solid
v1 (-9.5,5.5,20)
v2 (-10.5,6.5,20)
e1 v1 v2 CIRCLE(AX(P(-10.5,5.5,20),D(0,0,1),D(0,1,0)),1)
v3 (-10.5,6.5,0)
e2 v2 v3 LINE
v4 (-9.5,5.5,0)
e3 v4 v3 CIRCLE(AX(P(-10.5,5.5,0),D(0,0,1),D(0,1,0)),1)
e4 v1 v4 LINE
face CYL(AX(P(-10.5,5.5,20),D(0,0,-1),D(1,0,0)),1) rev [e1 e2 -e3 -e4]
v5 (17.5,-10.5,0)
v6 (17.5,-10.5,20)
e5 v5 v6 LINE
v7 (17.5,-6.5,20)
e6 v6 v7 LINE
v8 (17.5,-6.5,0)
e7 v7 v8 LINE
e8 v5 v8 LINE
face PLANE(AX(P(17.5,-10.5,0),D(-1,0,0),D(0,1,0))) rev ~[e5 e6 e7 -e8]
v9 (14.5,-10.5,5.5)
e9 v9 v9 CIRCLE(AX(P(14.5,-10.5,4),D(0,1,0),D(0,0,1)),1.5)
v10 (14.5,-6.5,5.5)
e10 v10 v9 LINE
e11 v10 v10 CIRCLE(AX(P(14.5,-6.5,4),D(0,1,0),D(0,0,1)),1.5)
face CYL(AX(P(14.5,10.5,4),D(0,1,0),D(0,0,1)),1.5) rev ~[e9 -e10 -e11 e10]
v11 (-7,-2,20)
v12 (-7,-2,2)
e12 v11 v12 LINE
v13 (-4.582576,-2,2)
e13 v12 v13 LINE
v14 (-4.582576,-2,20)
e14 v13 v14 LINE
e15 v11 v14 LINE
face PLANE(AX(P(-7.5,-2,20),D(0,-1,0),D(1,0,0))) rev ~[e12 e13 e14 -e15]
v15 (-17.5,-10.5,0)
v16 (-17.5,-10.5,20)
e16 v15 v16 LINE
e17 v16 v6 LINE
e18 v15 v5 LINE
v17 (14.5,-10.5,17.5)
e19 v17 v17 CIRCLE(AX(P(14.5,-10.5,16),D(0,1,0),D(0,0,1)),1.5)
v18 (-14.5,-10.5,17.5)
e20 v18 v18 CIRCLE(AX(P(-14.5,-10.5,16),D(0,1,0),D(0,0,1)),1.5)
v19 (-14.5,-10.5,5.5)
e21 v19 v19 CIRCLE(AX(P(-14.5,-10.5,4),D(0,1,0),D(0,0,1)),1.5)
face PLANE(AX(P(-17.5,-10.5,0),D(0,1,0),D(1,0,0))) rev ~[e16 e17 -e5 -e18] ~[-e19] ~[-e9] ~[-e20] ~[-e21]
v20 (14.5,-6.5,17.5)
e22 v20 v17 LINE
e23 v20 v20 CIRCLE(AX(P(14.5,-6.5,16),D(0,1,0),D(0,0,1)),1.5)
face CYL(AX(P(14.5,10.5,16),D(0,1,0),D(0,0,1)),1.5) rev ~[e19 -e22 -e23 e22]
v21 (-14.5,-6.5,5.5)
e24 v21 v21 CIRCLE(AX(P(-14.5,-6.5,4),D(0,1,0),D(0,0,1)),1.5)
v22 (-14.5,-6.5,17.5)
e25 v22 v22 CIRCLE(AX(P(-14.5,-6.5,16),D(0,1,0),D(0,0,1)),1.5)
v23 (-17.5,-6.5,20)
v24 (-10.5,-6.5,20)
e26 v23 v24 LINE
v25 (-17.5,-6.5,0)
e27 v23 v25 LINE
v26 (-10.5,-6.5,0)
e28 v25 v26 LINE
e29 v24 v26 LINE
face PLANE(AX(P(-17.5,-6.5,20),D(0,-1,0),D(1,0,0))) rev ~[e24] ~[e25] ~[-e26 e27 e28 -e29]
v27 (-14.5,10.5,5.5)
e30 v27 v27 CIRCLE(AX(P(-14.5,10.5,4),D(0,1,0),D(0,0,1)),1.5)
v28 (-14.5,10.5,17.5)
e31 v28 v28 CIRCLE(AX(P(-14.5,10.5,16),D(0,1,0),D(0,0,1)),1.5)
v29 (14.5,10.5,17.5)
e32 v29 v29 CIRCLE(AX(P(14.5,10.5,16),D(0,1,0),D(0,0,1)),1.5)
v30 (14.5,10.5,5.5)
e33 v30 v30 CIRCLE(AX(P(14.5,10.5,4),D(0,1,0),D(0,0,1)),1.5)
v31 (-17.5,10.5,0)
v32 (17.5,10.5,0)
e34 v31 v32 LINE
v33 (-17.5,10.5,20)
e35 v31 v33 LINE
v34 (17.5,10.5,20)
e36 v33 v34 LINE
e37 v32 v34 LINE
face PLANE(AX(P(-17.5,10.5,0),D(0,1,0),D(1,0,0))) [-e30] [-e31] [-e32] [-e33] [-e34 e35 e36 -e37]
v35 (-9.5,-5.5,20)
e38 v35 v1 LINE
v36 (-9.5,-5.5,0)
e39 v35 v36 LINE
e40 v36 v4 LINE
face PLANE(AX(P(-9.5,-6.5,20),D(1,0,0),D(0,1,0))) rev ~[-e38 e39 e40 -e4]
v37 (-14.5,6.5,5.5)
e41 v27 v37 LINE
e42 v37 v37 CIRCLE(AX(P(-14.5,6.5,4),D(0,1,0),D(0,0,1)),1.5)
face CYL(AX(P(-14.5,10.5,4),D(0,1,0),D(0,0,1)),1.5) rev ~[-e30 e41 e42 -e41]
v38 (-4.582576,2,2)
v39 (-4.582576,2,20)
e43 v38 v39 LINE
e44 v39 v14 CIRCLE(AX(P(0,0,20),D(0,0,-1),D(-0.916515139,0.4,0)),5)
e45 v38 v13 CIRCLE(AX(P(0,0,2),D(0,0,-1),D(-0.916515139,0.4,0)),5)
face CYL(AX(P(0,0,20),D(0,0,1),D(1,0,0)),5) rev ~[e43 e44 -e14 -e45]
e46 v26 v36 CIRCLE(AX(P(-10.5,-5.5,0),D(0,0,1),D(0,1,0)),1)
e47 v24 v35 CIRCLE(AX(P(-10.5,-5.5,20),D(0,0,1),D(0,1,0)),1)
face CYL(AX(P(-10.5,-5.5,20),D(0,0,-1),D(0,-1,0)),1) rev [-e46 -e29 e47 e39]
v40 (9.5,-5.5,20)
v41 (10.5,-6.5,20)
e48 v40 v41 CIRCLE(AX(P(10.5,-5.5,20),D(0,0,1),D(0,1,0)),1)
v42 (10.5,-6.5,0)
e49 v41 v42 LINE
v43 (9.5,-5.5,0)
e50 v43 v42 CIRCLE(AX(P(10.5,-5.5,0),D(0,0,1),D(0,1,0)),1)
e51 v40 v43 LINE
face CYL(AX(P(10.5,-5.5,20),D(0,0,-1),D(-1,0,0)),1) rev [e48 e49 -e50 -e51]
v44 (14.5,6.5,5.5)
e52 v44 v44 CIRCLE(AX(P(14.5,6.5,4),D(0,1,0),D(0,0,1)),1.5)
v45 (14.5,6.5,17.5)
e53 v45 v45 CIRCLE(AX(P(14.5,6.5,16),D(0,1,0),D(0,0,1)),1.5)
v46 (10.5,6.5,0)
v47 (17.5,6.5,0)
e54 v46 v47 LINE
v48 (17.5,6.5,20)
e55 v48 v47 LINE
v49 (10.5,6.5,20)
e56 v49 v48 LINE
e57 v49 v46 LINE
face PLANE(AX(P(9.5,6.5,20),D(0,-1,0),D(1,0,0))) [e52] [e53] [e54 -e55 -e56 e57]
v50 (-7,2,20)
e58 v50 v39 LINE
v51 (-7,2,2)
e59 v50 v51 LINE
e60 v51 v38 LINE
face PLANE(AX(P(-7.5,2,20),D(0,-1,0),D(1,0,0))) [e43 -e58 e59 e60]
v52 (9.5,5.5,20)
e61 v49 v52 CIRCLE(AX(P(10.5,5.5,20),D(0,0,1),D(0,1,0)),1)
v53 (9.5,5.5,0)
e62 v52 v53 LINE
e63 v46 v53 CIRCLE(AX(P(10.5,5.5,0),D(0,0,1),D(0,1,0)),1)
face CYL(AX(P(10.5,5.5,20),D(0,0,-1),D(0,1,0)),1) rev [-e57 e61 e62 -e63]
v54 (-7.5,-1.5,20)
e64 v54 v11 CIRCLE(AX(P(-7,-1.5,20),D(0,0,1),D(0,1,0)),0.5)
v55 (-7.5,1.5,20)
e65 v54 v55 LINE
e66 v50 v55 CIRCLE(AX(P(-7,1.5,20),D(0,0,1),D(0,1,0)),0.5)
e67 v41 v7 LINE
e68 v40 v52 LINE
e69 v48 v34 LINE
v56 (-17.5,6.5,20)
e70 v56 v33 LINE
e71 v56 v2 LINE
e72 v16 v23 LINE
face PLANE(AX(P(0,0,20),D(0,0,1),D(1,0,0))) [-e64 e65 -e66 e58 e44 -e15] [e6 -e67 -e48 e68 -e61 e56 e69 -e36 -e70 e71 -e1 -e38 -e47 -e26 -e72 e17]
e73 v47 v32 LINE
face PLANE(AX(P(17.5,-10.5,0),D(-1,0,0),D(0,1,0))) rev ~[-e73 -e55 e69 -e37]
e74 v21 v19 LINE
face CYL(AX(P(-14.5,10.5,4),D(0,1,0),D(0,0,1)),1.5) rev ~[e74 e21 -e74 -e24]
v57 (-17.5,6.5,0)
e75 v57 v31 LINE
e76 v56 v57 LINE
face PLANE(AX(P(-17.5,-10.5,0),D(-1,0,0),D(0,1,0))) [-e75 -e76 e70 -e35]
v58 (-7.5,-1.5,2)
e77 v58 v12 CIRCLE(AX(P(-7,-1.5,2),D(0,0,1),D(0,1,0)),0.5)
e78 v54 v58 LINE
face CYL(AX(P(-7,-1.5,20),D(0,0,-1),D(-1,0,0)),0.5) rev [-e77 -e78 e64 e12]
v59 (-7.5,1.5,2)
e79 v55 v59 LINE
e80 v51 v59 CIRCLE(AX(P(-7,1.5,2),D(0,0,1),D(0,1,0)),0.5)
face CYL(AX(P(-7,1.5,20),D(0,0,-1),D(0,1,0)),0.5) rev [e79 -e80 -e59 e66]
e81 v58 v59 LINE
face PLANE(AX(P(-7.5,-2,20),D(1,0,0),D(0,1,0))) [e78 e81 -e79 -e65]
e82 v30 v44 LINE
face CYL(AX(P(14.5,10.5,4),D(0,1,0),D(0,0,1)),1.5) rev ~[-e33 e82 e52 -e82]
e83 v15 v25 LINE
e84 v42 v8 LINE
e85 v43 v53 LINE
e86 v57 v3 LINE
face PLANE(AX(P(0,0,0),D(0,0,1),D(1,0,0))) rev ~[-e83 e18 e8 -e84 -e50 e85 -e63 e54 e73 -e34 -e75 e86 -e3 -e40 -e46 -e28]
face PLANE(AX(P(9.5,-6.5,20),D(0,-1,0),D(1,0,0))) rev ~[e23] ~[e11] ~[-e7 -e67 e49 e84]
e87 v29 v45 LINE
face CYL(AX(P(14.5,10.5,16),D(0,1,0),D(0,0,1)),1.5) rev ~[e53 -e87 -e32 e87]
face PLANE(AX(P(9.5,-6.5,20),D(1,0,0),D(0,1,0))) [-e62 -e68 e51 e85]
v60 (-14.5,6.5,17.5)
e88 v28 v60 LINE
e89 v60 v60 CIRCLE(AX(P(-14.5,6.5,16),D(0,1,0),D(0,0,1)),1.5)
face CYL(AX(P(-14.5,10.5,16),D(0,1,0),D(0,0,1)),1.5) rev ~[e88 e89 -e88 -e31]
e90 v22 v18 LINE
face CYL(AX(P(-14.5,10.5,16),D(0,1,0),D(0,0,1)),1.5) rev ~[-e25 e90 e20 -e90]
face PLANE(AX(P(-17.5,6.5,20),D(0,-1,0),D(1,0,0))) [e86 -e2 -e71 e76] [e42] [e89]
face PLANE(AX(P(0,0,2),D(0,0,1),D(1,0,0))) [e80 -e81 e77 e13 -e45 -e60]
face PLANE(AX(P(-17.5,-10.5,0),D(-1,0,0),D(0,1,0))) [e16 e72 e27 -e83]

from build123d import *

# Parameters (mm, degrees)
SKETCH_1_W          = 35
SKETCH_1_H          = 21
EXTRUDE_1_DEPTH     = 20
SKETCH_2_R          = 5
CUT_EXTRUDE_1_DEPTH = 18
SKETCH_3_W          = 7.5
SKETCH_3_H          = 4
CUT_EXTRUDE_2_DEPTH = 18
FILLET_1_R          = 0.5
SKETCH_7_W          = 8
SKETCH_7_H          = 13
CUT_EXTRUDE_3_DEPTH = 29.574464124
FILLET_2_R          = 1
SKETCH_8_R          = 1.5
CUT_EXTRUDE_4_DEPTH = 34.871079109


with BuildPart() as part:
    # 草图1 → 凸台-拉伸1 (new body)
    with BuildSketch(Plane.XY):
        Rectangle(SKETCH_1_W, SKETCH_1_H)
    extrude(amount=EXTRUDE_1_DEPTH)

    # 草图2 → 切除-拉伸1 (cut)
    with BuildSketch(Plane.XY.offset(20)):
        Circle(SKETCH_2_R)
    extrude(amount=-CUT_EXTRUDE_1_DEPTH, mode=Mode.SUBTRACT)

    # 草图3 → 切除-拉伸2 (cut)
    with BuildSketch(Plane.XY.offset(20)):
        with Locations((-3.75, 0)):
            Rectangle(SKETCH_3_W, SKETCH_3_H)
    extrude(amount=-CUT_EXTRUDE_2_DEPTH, mode=Mode.SUBTRACT)

    # 圆角1
    fillet_1_edges = [part.edges().sort_by_distance(p)[0] for p in [
        (-7.5, 2, 11),
        (-7.5, -2, 11),
    ]]
    fillet(fillet_1_edges, radius=FILLET_1_R)

    # 草图7 → 切除-拉伸3 (cut, through all)
    with BuildSketch(Plane.XY.offset(20)):
        with Locations((-13.5, 0)):
            Rectangle(SKETCH_7_W, SKETCH_7_H)
        with Locations((13.5, 0)):
            Rectangle(SKETCH_7_W, SKETCH_7_H)
    extrude(amount=-CUT_EXTRUDE_3_DEPTH, mode=Mode.SUBTRACT)

    # 圆角2
    fillet_2_edges = [part.edges().sort_by_distance(p)[0] for p in [
        (-9.5, 6.5, 10),
        (-9.5, -6.5, 10),
        (9.5, 6.5, 10),
        (9.5, -6.5, 10),
    ]]
    fillet(fillet_2_edges, radius=FILLET_2_R)

    # 草图8 → 切除-拉伸4 (cut, through all)
    with BuildSketch(Plane(origin=(0, 10.5, 0), x_dir=(1, 0, 0), z_dir=(0, 1, 0))):
        with Locations(Location((-14.5, -4, 0), (0, 0, 270))):
            Circle(SKETCH_8_R)
        with Locations(Location((-14.5, -16, 0), (0, 0, 270))):
            Circle(SKETCH_8_R)
        with Locations(Location((14.5, -16, 0), (0, 0, 270))):
            Circle(SKETCH_8_R)
        with Locations(Location((14.5, -4, 0), (0, 0, 270))):
            Circle(SKETCH_8_R)
    extrude(amount=-CUT_EXTRUDE_4_DEPTH, mode=Mode.SUBTRACT)


solid = part.part
